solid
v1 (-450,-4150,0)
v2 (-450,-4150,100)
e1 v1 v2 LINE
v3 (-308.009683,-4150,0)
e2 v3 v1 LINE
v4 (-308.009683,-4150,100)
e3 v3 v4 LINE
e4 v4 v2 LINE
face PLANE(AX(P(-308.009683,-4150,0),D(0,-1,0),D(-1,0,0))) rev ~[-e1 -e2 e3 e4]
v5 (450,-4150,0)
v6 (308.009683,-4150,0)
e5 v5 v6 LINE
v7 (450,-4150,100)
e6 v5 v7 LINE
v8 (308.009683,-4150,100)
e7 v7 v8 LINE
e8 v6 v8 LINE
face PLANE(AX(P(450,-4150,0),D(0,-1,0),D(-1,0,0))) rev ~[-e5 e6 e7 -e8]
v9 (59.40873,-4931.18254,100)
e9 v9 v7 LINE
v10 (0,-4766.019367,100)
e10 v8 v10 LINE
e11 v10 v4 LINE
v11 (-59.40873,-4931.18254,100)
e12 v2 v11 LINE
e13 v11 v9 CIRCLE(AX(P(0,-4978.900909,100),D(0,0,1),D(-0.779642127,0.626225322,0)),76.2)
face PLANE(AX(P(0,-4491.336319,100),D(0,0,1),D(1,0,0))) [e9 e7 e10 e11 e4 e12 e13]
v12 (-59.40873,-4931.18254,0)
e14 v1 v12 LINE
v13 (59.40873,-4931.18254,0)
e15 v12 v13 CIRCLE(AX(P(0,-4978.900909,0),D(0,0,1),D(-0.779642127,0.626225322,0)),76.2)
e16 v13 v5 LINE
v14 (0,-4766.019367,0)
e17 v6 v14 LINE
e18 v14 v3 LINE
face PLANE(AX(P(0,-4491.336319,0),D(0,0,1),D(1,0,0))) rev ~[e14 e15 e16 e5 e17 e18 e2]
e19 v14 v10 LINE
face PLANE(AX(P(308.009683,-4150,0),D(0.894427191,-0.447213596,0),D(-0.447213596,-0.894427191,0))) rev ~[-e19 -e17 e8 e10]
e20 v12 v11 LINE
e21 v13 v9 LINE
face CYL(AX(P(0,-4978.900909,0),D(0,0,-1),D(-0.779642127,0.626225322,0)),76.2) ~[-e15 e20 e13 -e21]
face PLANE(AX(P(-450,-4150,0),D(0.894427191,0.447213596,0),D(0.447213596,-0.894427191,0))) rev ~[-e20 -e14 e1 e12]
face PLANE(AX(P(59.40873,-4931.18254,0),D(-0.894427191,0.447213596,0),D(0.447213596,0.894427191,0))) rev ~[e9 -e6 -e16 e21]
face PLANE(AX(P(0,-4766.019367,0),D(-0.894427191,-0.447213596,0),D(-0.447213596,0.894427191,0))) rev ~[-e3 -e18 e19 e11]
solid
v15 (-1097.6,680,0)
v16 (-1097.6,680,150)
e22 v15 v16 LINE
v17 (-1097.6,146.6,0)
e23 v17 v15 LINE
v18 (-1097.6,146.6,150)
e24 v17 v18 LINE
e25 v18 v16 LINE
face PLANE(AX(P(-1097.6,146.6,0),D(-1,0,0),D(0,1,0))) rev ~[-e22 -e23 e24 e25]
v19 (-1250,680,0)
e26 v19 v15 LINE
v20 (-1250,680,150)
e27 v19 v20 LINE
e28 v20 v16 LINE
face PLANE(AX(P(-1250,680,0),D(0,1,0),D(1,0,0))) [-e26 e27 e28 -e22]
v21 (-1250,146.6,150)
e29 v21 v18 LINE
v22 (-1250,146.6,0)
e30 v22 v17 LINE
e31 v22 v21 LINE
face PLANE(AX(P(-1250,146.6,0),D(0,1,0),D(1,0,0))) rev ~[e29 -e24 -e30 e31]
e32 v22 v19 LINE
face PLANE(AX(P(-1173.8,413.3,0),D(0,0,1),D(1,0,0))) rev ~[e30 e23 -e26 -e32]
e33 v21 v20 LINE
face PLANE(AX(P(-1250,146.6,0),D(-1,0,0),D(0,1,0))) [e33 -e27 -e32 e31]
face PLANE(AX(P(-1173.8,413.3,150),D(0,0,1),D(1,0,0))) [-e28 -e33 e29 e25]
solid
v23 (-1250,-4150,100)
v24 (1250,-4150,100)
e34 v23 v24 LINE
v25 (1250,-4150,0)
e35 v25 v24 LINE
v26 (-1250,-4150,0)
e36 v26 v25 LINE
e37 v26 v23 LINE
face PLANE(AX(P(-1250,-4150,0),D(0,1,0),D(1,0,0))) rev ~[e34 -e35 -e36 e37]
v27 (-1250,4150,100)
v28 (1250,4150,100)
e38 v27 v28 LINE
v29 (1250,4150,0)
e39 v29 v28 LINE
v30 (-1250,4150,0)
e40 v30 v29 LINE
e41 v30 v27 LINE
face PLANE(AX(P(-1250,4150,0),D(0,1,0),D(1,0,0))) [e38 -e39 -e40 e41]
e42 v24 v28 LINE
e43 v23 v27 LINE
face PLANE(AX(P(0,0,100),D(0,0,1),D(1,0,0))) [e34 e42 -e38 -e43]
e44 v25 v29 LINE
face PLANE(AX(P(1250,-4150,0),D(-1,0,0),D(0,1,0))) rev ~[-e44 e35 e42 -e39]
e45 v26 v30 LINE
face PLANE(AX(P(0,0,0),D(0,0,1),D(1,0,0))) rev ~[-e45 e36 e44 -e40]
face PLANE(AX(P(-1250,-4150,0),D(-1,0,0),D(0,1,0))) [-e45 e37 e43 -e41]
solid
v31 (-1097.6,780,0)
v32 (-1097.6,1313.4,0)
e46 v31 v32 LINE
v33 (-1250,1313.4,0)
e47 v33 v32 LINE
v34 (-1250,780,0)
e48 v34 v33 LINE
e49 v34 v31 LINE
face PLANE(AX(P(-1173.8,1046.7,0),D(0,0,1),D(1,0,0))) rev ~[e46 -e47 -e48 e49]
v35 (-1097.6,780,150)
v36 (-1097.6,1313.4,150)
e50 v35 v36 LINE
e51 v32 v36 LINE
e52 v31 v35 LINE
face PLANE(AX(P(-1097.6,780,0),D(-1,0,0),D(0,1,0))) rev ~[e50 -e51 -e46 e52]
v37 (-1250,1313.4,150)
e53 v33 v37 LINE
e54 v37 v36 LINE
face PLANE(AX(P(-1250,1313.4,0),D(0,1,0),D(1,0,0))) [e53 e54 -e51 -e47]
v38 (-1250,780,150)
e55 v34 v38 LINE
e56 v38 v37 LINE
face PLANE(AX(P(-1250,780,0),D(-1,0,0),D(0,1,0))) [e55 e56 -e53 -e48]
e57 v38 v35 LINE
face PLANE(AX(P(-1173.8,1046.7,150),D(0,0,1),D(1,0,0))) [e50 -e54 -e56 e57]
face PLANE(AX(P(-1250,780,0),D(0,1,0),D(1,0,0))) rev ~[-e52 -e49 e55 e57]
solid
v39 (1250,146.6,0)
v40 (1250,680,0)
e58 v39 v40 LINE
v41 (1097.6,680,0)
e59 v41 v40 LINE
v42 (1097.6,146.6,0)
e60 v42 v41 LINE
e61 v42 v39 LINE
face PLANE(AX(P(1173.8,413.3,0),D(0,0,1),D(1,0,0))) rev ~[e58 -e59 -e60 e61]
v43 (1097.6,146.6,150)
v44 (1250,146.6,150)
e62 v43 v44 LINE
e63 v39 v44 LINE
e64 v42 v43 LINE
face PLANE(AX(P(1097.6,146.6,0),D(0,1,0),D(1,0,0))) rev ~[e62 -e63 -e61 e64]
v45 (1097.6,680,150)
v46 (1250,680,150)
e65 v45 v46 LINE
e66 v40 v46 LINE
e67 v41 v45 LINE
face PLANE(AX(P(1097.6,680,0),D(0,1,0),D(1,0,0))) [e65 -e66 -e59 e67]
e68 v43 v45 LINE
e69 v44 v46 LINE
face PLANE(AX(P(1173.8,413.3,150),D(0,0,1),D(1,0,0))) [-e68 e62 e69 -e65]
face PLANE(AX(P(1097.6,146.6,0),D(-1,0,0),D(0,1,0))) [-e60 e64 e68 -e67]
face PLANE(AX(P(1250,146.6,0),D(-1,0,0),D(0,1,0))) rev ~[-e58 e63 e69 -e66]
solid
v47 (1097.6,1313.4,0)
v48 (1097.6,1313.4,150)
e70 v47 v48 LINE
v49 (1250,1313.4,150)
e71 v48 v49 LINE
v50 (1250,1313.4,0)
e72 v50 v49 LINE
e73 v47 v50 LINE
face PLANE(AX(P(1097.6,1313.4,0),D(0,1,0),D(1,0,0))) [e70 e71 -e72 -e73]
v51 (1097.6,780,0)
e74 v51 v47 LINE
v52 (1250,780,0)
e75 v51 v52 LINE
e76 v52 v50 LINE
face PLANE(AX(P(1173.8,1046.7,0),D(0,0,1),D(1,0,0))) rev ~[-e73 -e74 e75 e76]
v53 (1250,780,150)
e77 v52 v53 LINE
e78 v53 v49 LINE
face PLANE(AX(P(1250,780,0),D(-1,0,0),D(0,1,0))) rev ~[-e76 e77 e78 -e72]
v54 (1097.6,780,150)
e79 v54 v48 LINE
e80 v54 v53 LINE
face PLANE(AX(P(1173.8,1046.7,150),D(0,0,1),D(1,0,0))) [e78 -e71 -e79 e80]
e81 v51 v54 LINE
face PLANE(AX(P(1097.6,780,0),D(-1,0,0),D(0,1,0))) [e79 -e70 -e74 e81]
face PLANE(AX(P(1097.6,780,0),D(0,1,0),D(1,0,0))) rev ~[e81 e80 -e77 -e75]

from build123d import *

# Parameters (mm, degrees)
F0_W     = 2500
F0_H     = 8300
F1_DEPTH = 100
F3_DEPTH = 100
F4_W     = 152.4
F4_H     = 533.4
F5_DEPTH = 150


with BuildPart() as f1:
    # F0 (on Top) → F1 (new body)
    with BuildSketch(Plane.XY):
        Rectangle(F0_W, F0_H)
    extrude(amount=F1_DEPTH)


with BuildPart() as f3:
    # F2 (on Top) → F3 (new body)
    with BuildSketch(Plane.XY):
        with BuildLine():
            Line((-308.0096834288, -4150), (-450, -4150))
            Line((-450, -4150), (-59.4087300624, -4931.1825398752))
            ThreePointArc((-59.4087300624, -4931.1825398752), (0, -4902.7009094238), (59.4087300624, -4931.1825398752))
            Line((59.4087300624, -4931.1825398752), (450, -4150))
            Line((450, -4150), (308.0096834288, -4150))
            Line((308.0096834288, -4150), (0, -4766.0193668575))
            Line((0, -4766.0193668575), (-308.0096834288, -4150))
        make_face()
        with BuildLine():
            ThreePointArc((59.4087300624, -4931.1825398752), (0, -4902.7009094238), (-59.4087300624, -4931.1825398752))
            Line((-59.4087300624, -4931.1825398752), (0, -5050))
            Line((0, -5050), (59.4087300624, -4931.1825398752))
        make_face()
        with BuildLine():
            Line((0, -5050), (-59.4087300624, -4931.1825398752))
            ThreePointArc((-59.4087300624, -4931.1825398752), (-25.2932280388, -5050.7806187678), (76.2, -4978.9009094238))
            ThreePointArc((76.2, -4978.9009094238), (71.879709344, -4953.607681385), (59.4087300624, -4931.1825398752))
            Line((59.4087300624, -4931.1825398752), (0, -5050))
        make_face()
    extrude(amount=F3_DEPTH)


with BuildPart() as f5:
    # F4 (on Top) → F5 (new body)
    with BuildSketch(Plane.XY):
        with Locations((-1173.8, 1046.7)):
            Rectangle(F4_W, F4_H)
    extrude(amount=F5_DEPTH)


with BuildPart() as f5b:
    # F4 (on Top) → F5, piece 2 (new body)
    with BuildSketch(Plane.XY):
        with Locations((-1173.8, 413.3)):
            Rectangle(F4_W, F4_H)
    extrude(amount=F5_DEPTH)


with BuildPart() as f5c:
    # F4 (on Top) → F5, piece 3 (new body)
    with BuildSketch(Plane.XY):
        with Locations((1173.8, 413.3)):
            Rectangle(F4_W, F4_H)
    extrude(amount=F5_DEPTH)


with BuildPart() as f5d:
    # F4 (on Top) → F5, piece 4 (new body)
    with BuildSketch(Plane.XY):
        with Locations((1173.8, 1046.7)):
            Rectangle(F4_W, F4_H)
    extrude(amount=F5_DEPTH)


solid = Compound([f1.part, f3.part, f5.part, f5b.part, f5c.part, f5d.part])
